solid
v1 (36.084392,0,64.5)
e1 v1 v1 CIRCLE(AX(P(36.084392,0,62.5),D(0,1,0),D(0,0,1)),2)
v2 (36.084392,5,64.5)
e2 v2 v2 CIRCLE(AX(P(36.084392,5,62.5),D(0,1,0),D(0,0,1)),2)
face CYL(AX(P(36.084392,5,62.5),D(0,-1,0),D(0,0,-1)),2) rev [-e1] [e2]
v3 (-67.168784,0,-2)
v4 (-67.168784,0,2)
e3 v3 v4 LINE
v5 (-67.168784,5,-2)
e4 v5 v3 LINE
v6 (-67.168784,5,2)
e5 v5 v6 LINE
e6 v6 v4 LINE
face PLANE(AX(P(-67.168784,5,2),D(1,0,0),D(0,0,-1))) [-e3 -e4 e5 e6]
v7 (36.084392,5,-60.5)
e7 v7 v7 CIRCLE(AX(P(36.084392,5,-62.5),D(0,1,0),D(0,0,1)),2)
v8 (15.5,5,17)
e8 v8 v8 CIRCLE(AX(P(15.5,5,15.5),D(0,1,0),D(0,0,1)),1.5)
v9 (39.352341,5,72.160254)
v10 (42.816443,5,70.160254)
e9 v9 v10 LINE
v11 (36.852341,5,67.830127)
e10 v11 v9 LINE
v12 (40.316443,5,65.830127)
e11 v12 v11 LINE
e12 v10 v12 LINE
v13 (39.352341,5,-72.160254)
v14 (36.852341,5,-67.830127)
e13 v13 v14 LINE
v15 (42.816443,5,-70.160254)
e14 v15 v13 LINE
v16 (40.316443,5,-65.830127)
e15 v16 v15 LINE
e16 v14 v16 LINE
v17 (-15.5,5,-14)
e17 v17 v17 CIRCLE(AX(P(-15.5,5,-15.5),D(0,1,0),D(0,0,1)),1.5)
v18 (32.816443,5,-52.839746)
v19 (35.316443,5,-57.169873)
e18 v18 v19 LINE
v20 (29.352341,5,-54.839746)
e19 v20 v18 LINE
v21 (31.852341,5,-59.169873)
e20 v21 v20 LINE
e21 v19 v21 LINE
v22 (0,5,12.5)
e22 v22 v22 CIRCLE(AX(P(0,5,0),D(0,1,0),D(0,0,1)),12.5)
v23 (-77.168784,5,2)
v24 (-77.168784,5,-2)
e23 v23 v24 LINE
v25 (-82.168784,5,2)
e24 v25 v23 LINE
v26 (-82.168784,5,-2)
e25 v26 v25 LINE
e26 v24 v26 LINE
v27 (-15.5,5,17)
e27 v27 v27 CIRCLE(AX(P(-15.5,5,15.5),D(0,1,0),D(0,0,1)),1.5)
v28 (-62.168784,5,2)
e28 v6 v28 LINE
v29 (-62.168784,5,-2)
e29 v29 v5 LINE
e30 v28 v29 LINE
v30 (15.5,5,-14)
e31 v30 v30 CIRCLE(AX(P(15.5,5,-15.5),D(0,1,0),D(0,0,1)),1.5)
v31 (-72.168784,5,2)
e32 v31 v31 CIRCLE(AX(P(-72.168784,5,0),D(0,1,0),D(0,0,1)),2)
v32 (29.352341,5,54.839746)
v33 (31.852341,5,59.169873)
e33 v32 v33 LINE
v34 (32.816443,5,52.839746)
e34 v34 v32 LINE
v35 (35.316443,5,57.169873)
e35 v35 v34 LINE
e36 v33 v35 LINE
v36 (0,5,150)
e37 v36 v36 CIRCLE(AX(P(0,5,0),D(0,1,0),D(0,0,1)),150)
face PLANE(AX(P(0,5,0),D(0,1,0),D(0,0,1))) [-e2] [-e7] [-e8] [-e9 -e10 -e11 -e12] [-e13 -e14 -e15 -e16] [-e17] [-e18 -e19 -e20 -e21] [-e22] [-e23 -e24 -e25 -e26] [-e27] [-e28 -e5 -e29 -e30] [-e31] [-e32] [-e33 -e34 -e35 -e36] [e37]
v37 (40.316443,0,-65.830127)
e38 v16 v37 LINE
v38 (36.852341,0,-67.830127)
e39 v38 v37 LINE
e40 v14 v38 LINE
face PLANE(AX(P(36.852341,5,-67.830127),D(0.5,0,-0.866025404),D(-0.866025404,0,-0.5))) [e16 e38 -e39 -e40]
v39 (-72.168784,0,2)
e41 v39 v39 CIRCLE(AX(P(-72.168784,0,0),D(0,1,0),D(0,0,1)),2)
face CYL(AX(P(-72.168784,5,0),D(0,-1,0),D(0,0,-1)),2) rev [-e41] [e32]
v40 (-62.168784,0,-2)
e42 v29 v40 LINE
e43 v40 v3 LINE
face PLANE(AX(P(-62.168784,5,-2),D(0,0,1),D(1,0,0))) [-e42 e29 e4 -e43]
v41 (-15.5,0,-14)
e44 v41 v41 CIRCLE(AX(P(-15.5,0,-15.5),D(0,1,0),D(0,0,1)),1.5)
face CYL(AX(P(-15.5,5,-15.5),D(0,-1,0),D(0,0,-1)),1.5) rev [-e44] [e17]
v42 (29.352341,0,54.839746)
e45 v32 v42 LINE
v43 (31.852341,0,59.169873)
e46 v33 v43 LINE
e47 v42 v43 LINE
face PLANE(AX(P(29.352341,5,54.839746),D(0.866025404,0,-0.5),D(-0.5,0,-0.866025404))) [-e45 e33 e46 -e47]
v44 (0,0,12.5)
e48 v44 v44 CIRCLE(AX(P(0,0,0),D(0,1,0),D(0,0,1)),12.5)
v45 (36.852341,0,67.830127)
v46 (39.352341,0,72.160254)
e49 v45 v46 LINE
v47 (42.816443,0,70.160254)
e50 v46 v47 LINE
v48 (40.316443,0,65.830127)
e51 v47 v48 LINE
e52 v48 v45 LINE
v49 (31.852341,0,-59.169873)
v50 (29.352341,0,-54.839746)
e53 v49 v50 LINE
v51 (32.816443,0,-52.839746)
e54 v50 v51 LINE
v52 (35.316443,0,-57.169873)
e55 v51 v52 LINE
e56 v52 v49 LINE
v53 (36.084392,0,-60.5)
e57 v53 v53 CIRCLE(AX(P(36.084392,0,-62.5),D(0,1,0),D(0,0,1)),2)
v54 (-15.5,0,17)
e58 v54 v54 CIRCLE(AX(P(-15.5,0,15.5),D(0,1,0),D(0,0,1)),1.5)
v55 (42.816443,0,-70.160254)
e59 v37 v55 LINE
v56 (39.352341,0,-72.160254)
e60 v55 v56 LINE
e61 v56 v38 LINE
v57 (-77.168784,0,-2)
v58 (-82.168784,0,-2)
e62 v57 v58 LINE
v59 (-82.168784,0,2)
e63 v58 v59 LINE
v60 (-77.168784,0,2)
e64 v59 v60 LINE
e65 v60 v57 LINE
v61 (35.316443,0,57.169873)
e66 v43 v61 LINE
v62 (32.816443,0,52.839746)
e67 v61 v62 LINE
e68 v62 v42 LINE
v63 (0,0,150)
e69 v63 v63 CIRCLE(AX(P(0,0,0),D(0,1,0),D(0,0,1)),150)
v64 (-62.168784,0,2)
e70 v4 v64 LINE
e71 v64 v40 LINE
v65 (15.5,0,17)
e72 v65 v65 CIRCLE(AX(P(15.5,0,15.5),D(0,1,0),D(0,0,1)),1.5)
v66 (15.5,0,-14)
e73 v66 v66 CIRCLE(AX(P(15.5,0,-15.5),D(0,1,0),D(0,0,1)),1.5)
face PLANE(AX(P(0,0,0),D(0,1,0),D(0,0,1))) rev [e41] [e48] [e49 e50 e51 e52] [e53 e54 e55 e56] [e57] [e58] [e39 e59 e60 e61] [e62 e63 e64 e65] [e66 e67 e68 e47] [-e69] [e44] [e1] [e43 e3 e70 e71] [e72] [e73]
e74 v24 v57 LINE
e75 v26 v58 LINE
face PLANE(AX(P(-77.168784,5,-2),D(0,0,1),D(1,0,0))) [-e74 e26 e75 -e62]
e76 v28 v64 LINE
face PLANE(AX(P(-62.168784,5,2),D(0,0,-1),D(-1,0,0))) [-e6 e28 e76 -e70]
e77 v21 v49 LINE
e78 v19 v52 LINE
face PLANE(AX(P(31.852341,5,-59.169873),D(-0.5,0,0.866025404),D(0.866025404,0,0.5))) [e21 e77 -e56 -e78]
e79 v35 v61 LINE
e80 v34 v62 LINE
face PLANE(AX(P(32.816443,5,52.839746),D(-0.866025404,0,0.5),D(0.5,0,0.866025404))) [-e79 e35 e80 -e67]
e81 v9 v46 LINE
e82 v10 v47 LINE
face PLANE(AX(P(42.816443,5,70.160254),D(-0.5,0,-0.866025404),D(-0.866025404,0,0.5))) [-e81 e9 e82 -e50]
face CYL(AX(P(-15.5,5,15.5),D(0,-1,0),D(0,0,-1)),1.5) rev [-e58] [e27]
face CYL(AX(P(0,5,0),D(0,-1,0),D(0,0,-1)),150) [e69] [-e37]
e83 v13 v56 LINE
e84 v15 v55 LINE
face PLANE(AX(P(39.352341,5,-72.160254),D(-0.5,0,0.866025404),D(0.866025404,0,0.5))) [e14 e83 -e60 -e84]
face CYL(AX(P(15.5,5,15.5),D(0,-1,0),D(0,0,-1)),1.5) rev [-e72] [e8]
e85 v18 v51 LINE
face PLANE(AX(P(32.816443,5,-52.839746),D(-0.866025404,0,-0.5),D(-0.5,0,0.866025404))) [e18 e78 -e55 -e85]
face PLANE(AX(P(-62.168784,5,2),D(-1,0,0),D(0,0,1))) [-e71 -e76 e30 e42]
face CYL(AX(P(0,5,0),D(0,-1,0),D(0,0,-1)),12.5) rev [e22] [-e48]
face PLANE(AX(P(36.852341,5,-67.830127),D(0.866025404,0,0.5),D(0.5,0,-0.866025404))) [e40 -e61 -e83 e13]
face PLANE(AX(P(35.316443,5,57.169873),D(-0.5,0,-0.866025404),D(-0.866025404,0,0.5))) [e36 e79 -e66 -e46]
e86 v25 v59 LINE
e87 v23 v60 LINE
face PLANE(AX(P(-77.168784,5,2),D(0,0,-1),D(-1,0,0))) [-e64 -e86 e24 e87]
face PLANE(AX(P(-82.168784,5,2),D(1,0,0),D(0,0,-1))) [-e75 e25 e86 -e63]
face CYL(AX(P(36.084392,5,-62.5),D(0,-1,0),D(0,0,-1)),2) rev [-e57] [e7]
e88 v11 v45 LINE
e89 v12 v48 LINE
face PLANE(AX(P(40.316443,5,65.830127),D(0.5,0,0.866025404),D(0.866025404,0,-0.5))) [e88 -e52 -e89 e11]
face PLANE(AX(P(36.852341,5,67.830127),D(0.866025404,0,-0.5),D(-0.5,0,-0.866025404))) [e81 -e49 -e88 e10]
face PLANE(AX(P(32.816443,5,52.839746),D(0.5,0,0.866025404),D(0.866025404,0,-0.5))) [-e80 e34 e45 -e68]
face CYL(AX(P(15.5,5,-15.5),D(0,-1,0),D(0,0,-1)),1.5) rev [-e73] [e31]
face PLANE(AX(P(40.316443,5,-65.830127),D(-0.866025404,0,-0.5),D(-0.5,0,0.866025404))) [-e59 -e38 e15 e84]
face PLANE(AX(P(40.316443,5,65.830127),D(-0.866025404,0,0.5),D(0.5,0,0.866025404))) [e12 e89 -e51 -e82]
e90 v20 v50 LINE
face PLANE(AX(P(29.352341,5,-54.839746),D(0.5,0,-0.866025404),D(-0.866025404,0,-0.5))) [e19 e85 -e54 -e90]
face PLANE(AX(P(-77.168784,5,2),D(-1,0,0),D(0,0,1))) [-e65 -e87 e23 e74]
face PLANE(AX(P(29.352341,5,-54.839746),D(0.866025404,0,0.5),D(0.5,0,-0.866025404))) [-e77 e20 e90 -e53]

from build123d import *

# Parameters (mm, degrees)
SKETCH_1_R      = 150
SKETCH_1_R_2    = 1.5
SKETCH_1_R_3    = 12.5
SKETCH_1_R_4    = 2
SKETCH_1_W      = 5
SKETCH_1_H      = 4
EXTRUDE_1_DEPTH = 5


with BuildPart() as part:
    # 草图1 → 凸台-拉伸1 (new body)
    with BuildSketch(Plane(origin=(0, 0, 0), x_dir=(1, 0, 0), z_dir=(0, 1, 0))):
        with Locations(Location((0, 0, 0), (0, 0, 270))):
            Circle(SKETCH_1_R)
        with Locations(Location((-15.5, 15.5, 0), (0, 0, 270))):
            Circle(SKETCH_1_R_2, mode=Mode.SUBTRACT)
        with Locations(Location((15.5, 15.5, 0), (0, 0, 270))):
            Circle(SKETCH_1_R_2, mode=Mode.SUBTRACT)
        with Locations(Location((15.5, -15.5, 0), (0, 0, 270))):
            Circle(SKETCH_1_R_2, mode=Mode.SUBTRACT)
        with Locations(Location((-15.5, -15.5, 0), (0, 0, 270))):
            Circle(SKETCH_1_R_2, mode=Mode.SUBTRACT)
        with Locations(Location((0, 0, 0), (0, 0, 270))):
            Circle(SKETCH_1_R_3, mode=Mode.SUBTRACT)
        with Locations(Location((-72.168783649, 0, 0), (0, 0, 270))):
            Circle(SKETCH_1_R_4, mode=Mode.SUBTRACT)
        with Locations(Location((36.084391824, 62.5, 0), (0, 0, 270))):
            Circle(SKETCH_1_R_4, mode=Mode.SUBTRACT)
        with Locations(Location((36.084391824, -62.5, 0), (0, 0, 270))):
            Circle(SKETCH_1_R_4, mode=Mode.SUBTRACT)
        Polygon((36.852341017, 67.830127019), (40.316442632, 65.830127019), (42.816442632, 70.160254038), (39.352341017, 72.160254038), align=None, mode=Mode.SUBTRACT)
        with Locations((-64.668783649, 0)):
            Rectangle(SKETCH_1_W, SKETCH_1_H, mode=Mode.SUBTRACT)
        with Locations((-79.668783649, 0)):
            Rectangle(SKETCH_1_W, SKETCH_1_H, mode=Mode.SUBTRACT)
        Polygon((29.352341017, 54.839745962), (32.816442632, 52.839745962), (35.316442632, 57.169872981), (31.852341017, 59.169872981), align=None, mode=Mode.SUBTRACT)
        Polygon((40.316442632, -65.830127019), (36.852341017, -67.830127019), (39.352341017, -72.160254038), (42.816442632, -70.160254038), align=None, mode=Mode.SUBTRACT)
        Polygon((32.816442632, -52.839745962), (29.352341017, -54.839745962), (31.852341017, -59.169872981), (35.316442632, -57.169872981), align=None, mode=Mode.SUBTRACT)
    extrude(amount=EXTRUDE_1_DEPTH)


solid = part.part
